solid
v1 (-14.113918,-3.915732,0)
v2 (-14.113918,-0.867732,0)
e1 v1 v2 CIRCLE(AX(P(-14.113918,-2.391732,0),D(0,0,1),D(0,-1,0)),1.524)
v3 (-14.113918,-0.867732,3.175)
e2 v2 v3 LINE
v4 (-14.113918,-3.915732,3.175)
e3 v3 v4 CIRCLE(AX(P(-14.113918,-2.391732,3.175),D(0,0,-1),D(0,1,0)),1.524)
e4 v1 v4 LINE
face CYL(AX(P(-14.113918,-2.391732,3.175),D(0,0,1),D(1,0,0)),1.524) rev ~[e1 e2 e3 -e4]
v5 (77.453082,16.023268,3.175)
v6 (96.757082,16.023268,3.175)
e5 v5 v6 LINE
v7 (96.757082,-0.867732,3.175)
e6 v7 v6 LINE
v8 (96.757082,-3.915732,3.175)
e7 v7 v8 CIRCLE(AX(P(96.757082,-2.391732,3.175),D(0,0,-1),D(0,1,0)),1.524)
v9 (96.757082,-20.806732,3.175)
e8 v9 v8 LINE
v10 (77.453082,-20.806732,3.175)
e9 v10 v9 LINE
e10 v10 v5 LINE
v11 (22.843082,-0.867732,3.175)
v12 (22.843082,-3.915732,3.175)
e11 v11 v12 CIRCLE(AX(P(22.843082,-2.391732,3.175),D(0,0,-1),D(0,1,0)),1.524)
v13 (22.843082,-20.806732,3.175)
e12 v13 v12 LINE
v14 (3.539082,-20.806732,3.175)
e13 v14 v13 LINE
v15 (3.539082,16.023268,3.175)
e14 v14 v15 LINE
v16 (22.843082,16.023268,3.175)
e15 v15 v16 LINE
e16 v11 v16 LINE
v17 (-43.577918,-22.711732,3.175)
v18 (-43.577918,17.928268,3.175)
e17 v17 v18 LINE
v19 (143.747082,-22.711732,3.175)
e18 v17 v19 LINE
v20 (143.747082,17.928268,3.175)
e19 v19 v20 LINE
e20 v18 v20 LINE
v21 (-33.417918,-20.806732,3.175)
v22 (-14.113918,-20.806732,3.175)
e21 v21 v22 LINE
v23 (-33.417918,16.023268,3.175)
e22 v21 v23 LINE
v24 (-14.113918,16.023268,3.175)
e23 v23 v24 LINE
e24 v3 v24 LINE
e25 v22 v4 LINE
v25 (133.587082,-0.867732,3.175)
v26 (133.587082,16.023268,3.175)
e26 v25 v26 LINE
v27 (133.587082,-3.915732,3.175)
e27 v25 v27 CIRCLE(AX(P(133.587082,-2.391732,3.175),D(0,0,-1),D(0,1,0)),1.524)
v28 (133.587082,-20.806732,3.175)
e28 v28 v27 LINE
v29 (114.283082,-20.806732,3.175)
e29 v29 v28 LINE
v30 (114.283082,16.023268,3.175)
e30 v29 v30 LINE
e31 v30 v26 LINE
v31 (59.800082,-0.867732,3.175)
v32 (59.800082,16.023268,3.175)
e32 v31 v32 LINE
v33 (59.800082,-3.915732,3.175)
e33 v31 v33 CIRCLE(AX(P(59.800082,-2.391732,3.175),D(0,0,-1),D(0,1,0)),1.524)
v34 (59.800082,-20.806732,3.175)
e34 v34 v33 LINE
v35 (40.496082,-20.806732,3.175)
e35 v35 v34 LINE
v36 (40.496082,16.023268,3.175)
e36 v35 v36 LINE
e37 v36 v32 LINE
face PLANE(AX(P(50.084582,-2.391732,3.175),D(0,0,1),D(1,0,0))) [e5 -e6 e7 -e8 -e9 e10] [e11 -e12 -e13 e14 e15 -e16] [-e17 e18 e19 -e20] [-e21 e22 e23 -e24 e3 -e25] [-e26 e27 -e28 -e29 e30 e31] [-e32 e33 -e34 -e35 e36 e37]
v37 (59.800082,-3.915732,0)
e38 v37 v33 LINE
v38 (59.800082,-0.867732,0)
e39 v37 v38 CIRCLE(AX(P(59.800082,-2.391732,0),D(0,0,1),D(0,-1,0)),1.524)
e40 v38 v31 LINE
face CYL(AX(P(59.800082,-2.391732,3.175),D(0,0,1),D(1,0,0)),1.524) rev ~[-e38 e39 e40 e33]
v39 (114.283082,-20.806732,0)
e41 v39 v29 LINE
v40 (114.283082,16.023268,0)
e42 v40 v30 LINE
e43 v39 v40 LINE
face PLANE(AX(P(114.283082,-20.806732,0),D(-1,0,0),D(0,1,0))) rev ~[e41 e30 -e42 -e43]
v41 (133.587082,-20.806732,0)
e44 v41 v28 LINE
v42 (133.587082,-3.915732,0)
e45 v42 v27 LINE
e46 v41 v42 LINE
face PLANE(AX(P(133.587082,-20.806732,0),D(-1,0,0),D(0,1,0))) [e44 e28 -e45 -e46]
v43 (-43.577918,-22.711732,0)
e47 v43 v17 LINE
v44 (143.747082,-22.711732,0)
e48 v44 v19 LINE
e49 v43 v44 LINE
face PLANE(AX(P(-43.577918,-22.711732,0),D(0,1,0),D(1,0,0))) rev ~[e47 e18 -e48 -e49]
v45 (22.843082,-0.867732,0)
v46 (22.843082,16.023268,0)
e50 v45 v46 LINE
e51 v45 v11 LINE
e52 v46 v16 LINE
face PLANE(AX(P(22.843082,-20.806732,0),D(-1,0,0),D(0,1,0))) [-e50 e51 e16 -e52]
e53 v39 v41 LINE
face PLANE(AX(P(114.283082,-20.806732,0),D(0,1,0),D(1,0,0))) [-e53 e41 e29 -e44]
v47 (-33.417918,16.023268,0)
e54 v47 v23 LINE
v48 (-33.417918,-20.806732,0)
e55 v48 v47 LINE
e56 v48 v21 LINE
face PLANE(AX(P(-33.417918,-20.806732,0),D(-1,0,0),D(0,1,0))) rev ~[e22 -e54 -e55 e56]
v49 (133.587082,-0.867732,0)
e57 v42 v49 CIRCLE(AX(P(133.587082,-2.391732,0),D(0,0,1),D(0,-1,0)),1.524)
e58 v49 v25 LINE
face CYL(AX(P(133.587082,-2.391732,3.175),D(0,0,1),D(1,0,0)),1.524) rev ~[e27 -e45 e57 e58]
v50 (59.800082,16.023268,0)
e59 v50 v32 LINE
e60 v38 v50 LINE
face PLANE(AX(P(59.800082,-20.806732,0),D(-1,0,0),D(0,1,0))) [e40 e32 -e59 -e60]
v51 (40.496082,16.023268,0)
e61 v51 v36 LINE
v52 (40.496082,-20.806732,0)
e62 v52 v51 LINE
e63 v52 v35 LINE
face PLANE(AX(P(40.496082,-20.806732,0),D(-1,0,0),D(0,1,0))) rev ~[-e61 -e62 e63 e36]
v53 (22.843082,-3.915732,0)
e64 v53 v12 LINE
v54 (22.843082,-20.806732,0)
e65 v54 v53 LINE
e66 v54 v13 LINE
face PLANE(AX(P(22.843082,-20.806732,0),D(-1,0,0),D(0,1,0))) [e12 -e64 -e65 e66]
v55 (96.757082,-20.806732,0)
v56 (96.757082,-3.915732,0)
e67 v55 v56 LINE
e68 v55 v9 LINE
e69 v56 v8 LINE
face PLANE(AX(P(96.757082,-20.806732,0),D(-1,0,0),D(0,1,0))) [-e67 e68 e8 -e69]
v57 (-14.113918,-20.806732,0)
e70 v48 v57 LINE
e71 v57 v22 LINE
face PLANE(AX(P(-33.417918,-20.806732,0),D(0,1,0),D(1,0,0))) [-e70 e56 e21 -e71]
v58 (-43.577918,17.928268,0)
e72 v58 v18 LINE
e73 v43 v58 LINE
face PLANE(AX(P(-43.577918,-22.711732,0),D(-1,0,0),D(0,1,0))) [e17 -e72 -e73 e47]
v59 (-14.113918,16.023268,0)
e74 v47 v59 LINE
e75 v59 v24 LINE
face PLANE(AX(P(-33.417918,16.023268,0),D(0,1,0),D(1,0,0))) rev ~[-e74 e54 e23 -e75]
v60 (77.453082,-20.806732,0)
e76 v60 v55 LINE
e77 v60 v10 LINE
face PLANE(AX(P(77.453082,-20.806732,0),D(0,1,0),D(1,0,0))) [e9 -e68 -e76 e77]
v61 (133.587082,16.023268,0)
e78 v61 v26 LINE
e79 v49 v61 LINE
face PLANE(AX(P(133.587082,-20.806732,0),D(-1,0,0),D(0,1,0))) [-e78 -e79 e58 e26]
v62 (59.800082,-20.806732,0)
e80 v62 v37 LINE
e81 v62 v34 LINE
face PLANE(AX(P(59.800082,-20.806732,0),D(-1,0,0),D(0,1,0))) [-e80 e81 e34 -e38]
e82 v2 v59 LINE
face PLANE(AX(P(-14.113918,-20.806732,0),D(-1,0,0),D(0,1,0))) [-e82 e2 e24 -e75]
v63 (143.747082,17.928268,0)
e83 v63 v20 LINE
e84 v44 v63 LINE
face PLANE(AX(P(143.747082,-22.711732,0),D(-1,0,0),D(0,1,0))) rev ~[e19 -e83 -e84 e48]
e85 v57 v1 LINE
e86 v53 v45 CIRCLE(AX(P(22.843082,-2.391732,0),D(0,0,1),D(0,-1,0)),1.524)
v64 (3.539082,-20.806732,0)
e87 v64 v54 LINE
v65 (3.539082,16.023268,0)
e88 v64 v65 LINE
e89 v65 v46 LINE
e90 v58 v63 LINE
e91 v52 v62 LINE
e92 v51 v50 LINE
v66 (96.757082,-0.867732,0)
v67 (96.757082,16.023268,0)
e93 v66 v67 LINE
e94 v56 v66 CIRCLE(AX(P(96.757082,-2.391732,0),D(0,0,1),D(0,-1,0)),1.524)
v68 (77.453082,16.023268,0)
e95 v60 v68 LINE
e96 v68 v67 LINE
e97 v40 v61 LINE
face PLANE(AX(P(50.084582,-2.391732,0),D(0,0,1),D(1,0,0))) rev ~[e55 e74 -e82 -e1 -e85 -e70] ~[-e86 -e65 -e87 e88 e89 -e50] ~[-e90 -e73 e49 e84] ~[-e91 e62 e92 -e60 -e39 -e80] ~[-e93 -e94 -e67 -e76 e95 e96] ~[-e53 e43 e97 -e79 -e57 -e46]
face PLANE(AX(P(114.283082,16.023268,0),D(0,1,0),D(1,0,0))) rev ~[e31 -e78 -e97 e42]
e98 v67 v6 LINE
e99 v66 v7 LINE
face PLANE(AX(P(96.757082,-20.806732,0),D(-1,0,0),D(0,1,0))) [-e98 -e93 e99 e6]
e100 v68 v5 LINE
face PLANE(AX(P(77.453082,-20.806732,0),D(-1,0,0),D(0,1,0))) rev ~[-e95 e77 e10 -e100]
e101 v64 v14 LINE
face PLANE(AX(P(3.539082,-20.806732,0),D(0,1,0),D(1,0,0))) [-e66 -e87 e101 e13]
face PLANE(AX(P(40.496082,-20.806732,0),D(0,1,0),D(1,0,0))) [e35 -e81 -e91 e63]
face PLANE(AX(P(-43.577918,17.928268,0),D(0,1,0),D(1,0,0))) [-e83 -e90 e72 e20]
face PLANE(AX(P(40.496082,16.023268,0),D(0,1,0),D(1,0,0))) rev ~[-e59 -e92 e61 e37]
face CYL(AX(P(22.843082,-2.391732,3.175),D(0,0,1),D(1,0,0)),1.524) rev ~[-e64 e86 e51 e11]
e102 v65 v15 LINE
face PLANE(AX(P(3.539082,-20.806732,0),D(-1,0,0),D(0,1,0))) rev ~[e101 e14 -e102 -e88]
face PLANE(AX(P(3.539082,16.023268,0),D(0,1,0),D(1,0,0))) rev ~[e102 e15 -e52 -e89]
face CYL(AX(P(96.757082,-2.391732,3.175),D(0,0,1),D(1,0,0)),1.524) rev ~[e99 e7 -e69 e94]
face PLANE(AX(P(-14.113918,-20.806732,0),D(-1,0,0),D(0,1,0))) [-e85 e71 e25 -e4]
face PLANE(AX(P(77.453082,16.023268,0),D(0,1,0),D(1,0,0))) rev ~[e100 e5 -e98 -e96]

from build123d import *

# Parameters (mm, degrees)
F0_W     = 187.325
F0_H     = 40.64
F0_W_2   = 19.304
F0_H_2   = 36.83
F1_DEPTH = 3.175
F2_R     = 1.524
F3_DEPTH = 6.35


with BuildPart() as f1:
    # F0 (on Top) → F1 (new body)
    with BuildSketch(Plane.XY):
        with Locations((50.084582, -2.391732)):
            Rectangle(F0_W, F0_H)
        with Locations((50.148082, -2.391732)):
            Rectangle(F0_W_2, F0_H_2, mode=Mode.SUBTRACT)
        with Locations((-23.765918, -2.391732)):
            Rectangle(F0_W_2, F0_H_2, mode=Mode.SUBTRACT)
        with Locations((13.191082, -2.391732)):
            Rectangle(F0_W_2, F0_H_2, mode=Mode.SUBTRACT)
        with Locations((87.105082, -2.391732)):
            Rectangle(F0_W_2, F0_H_2, mode=Mode.SUBTRACT)
        with Locations((123.935082, -2.391732)):
            Rectangle(F0_W_2, F0_H_2, mode=Mode.SUBTRACT)
    extrude(amount=F1_DEPTH)

    # F2 (on face) → F3 (cut, symmetric)
    with BuildSketch(Plane.XY.offset(3.175)):
        with Locations((-14.113918, -2.391732)):
            Circle(F2_R)
        with Locations((22.843082, -2.391732)):
            Circle(F2_R)
        with Locations((59.800082, -2.391732)):
            Circle(F2_R)
        with Locations((96.757082, -2.391732)):
            Circle(F2_R)
        with Locations((133.587082, -2.391732)):
            Circle(F2_R)
    extrude(amount=F3_DEPTH, both=True, mode=Mode.SUBTRACT)


solid = f1.part
